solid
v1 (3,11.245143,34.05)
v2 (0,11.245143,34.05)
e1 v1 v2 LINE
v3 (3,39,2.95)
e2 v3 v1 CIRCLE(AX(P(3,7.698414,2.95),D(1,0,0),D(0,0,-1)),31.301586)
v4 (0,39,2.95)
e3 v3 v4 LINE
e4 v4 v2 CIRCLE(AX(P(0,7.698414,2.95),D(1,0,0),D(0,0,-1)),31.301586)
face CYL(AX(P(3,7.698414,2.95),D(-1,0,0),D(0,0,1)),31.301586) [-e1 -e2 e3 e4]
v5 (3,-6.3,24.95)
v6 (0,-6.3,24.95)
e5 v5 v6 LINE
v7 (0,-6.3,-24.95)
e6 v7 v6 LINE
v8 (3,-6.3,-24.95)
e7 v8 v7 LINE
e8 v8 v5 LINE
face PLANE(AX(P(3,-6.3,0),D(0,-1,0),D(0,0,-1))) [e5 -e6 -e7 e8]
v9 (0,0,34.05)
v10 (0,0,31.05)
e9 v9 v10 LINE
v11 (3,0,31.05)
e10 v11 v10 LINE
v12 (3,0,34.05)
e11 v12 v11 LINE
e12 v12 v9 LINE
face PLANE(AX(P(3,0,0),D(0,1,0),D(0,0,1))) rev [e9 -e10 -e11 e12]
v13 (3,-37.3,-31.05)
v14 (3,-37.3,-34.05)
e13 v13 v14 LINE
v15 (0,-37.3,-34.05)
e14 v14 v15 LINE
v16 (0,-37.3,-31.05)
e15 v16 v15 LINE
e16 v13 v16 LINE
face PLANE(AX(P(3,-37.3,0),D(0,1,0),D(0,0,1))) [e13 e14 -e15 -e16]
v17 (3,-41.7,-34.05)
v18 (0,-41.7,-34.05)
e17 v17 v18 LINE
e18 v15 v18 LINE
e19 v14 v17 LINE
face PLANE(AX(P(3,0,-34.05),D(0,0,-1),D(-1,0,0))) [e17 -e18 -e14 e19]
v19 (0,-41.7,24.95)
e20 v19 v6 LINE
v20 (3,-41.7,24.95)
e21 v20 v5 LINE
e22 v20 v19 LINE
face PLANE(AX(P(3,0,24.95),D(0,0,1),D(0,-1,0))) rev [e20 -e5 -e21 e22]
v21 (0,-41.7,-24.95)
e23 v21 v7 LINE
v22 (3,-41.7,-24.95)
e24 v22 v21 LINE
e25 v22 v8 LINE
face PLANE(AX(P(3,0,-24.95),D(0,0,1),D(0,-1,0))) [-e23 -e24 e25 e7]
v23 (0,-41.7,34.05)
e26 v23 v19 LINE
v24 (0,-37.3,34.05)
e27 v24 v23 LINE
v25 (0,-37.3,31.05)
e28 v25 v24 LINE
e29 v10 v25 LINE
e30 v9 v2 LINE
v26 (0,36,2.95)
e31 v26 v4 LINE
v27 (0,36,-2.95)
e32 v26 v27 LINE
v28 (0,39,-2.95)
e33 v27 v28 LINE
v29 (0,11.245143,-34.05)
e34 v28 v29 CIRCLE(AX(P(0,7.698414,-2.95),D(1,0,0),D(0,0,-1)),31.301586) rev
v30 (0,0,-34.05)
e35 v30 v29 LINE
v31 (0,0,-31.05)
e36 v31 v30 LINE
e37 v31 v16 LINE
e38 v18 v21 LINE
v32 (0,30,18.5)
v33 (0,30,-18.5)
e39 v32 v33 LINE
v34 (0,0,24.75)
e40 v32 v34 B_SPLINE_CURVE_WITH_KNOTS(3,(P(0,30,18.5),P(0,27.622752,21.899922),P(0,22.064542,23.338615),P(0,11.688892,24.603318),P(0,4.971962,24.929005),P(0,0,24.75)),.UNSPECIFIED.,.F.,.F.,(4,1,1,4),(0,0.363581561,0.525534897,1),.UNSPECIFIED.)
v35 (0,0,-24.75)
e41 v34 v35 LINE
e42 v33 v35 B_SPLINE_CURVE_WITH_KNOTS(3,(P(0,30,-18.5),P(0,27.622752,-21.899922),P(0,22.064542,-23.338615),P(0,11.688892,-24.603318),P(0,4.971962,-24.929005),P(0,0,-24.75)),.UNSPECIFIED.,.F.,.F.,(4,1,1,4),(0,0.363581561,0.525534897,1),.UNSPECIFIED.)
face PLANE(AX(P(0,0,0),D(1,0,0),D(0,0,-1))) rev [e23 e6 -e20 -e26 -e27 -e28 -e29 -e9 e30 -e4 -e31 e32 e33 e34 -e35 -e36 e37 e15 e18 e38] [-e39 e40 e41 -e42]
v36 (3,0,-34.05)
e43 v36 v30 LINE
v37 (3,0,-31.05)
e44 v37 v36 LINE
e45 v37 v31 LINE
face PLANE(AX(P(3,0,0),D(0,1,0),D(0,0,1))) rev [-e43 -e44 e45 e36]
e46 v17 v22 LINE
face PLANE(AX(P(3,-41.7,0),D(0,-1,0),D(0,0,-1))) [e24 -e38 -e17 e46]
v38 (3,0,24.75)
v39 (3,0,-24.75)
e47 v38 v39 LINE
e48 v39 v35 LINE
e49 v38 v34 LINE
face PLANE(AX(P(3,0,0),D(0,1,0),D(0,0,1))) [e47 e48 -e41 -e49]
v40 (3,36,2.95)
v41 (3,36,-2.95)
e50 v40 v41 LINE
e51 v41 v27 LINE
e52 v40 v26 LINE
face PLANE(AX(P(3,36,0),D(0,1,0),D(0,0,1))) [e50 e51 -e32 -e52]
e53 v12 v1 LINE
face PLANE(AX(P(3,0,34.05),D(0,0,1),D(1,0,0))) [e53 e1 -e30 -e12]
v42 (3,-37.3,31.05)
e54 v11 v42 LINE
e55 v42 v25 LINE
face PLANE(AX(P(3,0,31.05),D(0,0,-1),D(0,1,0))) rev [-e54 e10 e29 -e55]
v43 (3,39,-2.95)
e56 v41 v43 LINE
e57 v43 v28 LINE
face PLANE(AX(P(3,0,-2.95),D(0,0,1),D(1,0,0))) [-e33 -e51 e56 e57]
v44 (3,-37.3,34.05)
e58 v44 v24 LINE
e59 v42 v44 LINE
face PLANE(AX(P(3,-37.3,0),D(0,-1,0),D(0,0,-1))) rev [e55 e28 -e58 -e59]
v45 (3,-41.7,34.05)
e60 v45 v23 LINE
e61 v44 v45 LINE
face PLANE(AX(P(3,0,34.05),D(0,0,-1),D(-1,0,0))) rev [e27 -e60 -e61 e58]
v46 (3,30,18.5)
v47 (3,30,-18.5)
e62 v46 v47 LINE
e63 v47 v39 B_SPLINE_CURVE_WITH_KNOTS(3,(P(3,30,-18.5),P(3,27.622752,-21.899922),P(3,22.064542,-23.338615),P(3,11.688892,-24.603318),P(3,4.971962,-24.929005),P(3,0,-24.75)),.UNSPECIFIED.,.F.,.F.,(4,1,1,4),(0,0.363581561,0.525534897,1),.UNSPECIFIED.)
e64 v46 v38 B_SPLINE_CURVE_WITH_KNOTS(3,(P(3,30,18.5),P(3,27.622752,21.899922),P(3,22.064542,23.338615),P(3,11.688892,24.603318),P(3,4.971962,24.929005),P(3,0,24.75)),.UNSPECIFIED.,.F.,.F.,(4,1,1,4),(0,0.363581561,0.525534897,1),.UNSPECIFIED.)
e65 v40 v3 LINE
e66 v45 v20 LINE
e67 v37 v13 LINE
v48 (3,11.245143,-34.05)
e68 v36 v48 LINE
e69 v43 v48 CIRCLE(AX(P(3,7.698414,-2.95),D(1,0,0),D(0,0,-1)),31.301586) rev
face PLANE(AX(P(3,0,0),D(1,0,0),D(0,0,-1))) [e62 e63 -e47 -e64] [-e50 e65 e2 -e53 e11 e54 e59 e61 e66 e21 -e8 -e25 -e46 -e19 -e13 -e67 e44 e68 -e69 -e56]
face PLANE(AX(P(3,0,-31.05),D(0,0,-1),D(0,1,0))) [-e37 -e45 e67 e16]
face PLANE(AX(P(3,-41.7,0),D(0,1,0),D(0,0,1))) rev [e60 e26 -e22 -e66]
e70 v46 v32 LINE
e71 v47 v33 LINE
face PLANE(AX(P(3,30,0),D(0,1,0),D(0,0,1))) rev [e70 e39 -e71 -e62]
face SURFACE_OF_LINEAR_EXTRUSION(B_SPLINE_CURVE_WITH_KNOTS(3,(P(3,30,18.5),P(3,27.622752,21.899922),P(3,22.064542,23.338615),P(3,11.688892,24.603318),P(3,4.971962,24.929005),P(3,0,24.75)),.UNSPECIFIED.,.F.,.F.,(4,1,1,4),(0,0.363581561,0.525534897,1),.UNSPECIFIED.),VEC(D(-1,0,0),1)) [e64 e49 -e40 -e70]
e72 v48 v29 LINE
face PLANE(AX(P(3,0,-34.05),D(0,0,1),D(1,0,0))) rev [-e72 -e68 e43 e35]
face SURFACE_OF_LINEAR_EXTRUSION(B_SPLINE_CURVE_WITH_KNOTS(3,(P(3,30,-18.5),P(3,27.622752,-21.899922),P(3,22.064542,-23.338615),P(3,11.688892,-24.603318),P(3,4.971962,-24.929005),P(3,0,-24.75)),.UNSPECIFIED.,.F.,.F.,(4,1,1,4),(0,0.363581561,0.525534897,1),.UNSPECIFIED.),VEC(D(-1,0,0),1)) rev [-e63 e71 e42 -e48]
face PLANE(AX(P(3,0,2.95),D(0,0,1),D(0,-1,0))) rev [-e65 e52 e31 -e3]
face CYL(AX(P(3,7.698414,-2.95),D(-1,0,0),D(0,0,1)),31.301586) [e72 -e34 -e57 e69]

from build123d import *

# Parameters (mm, degrees)
BOSS_EXTRUDE1_DEPTH = 3


with BuildPart() as part:
    # Sketch1 → Boss-Extrude1 (new body)
    with BuildSketch(Plane(origin=(0, 0, 0), x_dir=(0, 0, -1), z_dir=(1, 0, 0))):
        with BuildLine():
            Line((-31.05, 0), (-24.75, 0))
            add(Edge.make_bspline(
                [(-18.5, 30), (-21.89992175, 27.622752142), (-23.338614893, 22.064542324), (-24.603317776, 11.688892455), (-24.929004991, 4.971961719), (-24.75, 0)],
                knots=[0, 0, 0, 0, 0.363581561, 0.525534897, 1, 1, 1, 1], degree=3))
            Line((-18.5, 30), (0, 30))
            Line((0, 30), (0, 36))
            Line((0, 36), (-2.95, 36))
            Line((-2.95, 36), (-2.95, 39))
            ThreePointArc((-2.95, 39), (-23.791917434, 31.05229513), (-34.05, 11.24514296))
            Line((-34.05, 11.24514296), (-34.05, 0))
            Line((-34.05, 0), (-31.05, 0))
        make_face()
        with BuildLine():
            add(Edge.make_bspline(
                [(18.5, 30), (21.89992175, 27.622752142), (23.338614893, 22.064542324), (24.603317776, 11.688892455), (24.929004991, 4.971961719), (24.75, 0)],
                knots=[0, 0, 0, 0, 0.363581561, 0.525534897, 1, 1, 1, 1], degree=3))
            Line((24.75, 0), (31.05, 0))
            Line((31.05, 0), (34.05, 0))
            Line((34.05, 0), (34.05, 11.24514296))
            ThreePointArc((34.05, 11.24514296), (23.791917434, 31.05229513), (2.95, 39))
            Line((2.95, 39), (2.95, 36))
            Line((2.95, 36), (0, 36))
            Line((0, 36), (0, 30))
            Line((0, 30), (18.5, 30))
        make_face()
        Polygon((24.75, 0), (0, 0), (0, -6.3), (24.95, -6.3), (24.95, -41.7), (34.05, -41.7), (34.05, -37.3), (31.05, -37.3), (31.05, 0), align=None)
        Polygon((0, 0), (-24.75, 0), (-31.05, 0), (-31.05, -37.3), (-34.05, -37.3), (-34.05, -41.7), (-24.95, -41.7), (-24.95, -6.3), (0, -6.3), align=None)
    extrude(amount=BOSS_EXTRUDE1_DEPTH)


solid = part.part
